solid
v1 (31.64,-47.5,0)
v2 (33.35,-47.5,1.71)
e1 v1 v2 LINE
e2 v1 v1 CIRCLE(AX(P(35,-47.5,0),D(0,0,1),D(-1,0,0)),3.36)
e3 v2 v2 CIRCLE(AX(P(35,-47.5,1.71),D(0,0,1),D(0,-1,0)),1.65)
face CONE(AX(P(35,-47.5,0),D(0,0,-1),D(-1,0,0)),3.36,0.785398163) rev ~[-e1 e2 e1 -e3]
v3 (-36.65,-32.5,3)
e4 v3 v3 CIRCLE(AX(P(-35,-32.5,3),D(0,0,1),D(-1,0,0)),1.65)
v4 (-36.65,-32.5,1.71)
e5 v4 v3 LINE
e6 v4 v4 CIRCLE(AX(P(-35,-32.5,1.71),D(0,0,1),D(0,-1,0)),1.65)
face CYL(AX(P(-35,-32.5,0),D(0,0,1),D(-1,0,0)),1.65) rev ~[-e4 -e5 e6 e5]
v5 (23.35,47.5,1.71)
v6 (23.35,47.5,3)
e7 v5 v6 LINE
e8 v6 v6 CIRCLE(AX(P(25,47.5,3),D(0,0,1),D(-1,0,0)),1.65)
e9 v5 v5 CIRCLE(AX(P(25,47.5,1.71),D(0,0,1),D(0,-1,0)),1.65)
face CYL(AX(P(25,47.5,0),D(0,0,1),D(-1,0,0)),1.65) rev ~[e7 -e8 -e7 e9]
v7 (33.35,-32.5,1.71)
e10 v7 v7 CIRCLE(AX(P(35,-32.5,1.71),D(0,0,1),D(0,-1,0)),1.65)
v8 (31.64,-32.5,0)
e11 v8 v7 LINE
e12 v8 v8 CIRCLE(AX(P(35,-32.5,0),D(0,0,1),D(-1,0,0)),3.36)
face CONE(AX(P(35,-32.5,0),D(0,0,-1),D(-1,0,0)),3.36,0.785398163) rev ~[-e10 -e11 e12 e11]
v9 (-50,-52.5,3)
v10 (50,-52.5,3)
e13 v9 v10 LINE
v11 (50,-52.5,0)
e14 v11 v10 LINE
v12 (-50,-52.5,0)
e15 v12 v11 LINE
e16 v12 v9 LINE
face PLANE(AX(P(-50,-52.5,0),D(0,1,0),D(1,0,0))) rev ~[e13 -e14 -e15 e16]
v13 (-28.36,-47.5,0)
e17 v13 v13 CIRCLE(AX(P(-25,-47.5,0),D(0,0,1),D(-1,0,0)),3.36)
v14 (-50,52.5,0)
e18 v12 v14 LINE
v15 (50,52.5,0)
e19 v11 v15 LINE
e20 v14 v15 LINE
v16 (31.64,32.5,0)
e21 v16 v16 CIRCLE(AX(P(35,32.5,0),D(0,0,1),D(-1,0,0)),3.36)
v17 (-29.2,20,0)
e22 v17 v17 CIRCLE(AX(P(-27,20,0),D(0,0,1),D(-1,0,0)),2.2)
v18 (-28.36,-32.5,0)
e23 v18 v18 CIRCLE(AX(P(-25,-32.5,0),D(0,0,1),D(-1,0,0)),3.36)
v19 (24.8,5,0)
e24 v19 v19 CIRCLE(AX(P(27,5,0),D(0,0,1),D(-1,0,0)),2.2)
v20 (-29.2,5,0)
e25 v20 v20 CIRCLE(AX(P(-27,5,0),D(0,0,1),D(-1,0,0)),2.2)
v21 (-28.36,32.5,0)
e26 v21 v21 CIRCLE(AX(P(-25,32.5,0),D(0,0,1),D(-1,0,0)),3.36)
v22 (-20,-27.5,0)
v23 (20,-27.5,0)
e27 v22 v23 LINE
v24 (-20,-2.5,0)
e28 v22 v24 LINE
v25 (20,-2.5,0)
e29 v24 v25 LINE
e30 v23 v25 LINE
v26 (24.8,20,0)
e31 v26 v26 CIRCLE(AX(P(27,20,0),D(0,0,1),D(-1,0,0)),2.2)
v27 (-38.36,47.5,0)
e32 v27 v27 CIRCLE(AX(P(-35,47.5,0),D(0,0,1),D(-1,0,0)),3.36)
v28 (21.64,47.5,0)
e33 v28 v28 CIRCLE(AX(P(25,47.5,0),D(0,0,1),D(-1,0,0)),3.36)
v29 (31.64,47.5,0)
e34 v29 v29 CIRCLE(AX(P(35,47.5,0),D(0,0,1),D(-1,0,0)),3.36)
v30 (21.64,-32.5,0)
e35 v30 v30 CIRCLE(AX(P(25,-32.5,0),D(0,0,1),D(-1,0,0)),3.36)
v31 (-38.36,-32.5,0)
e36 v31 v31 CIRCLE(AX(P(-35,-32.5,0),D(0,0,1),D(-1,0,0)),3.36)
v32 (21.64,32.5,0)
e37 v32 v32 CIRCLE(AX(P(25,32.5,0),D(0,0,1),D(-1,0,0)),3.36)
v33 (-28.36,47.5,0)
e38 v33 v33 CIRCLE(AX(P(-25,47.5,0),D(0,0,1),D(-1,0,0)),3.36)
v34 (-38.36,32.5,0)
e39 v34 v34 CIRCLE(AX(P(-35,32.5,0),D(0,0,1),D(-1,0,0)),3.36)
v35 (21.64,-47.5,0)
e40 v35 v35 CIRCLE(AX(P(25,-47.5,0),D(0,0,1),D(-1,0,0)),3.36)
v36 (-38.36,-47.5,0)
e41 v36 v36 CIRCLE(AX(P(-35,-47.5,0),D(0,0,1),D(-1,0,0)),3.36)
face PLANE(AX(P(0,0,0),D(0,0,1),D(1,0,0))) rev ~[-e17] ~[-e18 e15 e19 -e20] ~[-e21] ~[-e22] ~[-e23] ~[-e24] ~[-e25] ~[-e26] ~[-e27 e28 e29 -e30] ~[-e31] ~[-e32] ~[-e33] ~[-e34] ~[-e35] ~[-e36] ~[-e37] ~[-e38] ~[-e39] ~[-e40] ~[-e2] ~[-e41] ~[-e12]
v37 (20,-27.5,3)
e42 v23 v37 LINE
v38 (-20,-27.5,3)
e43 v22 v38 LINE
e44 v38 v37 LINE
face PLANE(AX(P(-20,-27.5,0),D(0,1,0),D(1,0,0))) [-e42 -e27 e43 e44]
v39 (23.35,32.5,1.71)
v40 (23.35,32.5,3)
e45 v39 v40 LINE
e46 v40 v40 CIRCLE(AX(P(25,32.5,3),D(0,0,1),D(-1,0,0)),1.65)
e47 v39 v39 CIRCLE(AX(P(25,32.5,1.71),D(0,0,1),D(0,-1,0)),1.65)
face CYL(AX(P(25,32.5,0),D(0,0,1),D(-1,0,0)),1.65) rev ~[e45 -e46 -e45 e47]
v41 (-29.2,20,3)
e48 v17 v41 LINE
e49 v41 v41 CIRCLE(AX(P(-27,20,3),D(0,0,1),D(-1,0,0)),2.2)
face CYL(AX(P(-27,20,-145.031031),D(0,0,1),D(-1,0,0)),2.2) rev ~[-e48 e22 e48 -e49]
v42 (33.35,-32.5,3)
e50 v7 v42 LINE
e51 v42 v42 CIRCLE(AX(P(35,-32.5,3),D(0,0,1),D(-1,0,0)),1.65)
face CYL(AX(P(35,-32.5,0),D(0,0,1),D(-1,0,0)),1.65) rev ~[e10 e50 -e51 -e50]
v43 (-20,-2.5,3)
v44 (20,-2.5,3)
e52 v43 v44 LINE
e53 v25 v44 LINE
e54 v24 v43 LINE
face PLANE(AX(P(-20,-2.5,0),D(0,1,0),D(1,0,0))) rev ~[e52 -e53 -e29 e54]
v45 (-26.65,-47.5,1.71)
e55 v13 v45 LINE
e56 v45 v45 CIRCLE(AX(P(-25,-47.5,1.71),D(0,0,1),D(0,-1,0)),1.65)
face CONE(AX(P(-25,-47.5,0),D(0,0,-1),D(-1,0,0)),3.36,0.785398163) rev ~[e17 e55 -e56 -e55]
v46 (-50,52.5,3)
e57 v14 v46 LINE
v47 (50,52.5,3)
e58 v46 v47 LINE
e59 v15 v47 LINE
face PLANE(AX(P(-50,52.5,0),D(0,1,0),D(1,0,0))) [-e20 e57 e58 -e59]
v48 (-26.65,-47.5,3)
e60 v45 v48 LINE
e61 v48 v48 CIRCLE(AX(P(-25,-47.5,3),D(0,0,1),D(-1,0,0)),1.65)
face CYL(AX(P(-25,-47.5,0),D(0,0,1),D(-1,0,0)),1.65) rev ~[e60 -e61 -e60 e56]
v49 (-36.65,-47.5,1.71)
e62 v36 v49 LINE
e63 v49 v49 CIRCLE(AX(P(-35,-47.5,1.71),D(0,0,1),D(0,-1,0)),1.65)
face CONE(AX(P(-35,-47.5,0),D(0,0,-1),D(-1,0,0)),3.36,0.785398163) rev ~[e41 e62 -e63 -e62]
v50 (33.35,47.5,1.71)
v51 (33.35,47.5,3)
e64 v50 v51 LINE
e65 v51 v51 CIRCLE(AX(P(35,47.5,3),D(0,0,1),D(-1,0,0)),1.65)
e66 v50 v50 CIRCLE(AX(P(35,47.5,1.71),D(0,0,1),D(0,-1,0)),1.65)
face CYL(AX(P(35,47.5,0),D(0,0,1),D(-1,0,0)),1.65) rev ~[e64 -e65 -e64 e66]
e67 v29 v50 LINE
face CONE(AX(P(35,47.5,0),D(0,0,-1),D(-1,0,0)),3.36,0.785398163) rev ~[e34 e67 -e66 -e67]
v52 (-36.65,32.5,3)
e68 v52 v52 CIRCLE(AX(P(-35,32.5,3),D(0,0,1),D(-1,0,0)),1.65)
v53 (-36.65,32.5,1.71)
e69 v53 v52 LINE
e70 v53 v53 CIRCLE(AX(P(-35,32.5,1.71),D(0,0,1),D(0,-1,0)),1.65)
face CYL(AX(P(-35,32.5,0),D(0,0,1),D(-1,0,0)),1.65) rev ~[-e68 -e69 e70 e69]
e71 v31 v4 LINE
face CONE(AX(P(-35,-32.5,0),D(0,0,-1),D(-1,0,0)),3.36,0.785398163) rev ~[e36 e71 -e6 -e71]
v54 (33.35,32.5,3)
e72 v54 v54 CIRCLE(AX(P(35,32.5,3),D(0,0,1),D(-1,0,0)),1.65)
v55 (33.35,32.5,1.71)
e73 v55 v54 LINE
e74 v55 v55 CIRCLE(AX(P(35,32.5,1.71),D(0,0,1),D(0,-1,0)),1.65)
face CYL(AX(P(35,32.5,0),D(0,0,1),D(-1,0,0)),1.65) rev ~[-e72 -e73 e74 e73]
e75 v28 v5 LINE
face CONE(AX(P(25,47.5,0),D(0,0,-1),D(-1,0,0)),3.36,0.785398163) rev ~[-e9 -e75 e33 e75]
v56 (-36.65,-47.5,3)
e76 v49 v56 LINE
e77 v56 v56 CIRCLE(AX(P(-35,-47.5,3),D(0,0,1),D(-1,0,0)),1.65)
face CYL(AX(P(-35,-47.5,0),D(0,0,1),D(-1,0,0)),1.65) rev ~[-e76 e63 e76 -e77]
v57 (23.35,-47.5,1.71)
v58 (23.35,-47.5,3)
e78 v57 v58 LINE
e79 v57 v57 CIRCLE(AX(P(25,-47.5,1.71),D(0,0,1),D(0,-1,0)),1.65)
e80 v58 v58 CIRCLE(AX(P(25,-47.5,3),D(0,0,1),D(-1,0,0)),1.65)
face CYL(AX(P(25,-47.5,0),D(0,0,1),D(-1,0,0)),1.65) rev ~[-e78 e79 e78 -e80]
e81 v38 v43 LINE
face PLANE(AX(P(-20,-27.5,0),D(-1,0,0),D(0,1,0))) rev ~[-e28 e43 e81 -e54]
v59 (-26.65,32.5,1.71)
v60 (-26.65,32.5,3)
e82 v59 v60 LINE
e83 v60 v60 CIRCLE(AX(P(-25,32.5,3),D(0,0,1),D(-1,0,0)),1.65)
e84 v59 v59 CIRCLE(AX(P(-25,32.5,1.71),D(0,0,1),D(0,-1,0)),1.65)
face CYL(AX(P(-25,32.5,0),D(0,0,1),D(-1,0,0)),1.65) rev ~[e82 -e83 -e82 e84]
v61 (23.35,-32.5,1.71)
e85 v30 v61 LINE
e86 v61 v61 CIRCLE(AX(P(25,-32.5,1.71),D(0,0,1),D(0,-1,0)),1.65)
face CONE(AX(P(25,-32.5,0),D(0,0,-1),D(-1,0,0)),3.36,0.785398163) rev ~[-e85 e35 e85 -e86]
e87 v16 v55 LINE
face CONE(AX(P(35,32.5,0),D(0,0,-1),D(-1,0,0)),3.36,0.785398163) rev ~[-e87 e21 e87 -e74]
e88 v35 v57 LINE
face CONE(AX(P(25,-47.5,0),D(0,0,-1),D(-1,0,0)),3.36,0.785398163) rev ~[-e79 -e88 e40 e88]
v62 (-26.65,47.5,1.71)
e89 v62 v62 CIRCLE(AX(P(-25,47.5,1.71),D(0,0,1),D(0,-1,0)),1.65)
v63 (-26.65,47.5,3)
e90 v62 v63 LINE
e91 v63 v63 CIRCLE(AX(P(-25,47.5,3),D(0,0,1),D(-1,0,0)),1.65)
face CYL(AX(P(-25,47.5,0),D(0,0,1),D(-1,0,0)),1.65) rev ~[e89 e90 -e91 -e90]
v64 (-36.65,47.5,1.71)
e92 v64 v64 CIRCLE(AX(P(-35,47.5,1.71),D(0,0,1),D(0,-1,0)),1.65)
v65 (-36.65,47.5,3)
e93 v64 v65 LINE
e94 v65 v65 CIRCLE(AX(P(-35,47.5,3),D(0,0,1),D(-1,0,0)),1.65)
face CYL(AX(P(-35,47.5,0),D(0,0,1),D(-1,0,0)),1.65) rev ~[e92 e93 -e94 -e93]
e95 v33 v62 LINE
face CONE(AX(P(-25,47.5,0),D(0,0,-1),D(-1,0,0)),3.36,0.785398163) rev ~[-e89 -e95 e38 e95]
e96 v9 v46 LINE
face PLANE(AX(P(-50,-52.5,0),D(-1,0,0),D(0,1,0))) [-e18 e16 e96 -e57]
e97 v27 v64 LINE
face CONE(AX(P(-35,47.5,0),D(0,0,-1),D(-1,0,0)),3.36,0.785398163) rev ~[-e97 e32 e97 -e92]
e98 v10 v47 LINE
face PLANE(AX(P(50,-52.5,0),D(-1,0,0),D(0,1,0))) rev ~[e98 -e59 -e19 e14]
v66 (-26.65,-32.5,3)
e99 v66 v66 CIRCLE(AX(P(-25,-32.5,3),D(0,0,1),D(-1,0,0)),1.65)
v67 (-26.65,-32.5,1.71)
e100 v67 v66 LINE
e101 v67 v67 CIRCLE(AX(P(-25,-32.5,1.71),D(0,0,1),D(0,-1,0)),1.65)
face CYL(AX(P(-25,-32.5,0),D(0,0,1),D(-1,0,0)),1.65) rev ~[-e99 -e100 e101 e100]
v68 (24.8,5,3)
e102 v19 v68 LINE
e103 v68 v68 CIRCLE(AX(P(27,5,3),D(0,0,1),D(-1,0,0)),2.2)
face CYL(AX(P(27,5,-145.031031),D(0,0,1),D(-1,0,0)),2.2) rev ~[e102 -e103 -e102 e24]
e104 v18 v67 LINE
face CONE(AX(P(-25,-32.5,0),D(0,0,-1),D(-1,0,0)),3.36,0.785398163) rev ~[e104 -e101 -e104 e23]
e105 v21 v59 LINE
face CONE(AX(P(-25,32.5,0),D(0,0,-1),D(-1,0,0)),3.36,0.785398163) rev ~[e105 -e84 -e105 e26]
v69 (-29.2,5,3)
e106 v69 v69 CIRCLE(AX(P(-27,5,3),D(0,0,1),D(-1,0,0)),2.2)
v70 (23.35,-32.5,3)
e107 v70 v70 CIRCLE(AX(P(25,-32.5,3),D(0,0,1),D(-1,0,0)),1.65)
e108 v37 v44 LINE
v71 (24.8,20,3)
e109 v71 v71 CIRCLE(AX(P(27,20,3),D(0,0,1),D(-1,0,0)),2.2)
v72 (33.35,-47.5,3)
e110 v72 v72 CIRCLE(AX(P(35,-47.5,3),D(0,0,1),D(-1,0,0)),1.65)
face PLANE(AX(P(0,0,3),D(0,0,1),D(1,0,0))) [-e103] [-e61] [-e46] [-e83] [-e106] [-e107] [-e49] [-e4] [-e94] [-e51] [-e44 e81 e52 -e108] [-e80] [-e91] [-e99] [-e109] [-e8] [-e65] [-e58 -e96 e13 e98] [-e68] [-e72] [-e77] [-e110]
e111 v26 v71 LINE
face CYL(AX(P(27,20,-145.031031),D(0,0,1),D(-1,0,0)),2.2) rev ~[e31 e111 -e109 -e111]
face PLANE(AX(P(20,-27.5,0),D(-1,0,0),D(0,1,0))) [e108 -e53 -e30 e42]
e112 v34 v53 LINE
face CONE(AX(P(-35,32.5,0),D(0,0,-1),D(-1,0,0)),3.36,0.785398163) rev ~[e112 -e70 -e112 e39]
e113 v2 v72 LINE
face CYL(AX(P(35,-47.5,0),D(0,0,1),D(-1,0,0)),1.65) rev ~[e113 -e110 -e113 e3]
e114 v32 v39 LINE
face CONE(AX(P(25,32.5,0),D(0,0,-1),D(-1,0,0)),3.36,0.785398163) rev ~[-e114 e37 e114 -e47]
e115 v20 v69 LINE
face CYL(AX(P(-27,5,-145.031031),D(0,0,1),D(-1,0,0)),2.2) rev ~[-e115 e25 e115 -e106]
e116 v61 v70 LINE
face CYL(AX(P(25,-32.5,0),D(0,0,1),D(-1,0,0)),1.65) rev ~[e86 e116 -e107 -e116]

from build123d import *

# Parameters (mm, degrees)
F0_W           = 100
F0_H           = 105
F0_W_2         = 40
F0_H_2         = 25
F1_DEPTH       = 3
F2_D           = 3.3
F2_CSINK_D     = 6.72
F2_CSINK_ANGLE = 90
F3_D           = 4.4


with BuildPart() as f1:
    # F0 (on Top) → F1 (new body)
    with BuildSketch(Plane.XY):
        Rectangle(F0_W, F0_H)
        with Locations((0, -15)):
            Rectangle(F0_W_2, F0_H_2, mode=Mode.SUBTRACT)
    extrude(amount=F1_DEPTH)

    # F2 (through all)
    with Locations(Plane(origin=(0, 0, 0), x_dir=(1, 0, 0), z_dir=(0, 0, -1))):
        with Locations((-35, -32.5), (-25, -32.5), (-25, -47.5), (-35, -47.5), (25, -47.5), (25, -32.5), (35, -32.5), (35, -47.5), (25, 32.5), (35, 32.5), (35, 47.5), (25, 47.5), (-25, 47.5), (-35, 47.5), (-35, 32.5), (-25, 32.5)):
            CounterSinkHole(F2_D / 2, F2_CSINK_D / 2, counter_sink_angle=F2_CSINK_ANGLE)

    # F3 (through all)
    with Locations(Plane(origin=(0, 0, 0), x_dir=(1, 0, 0), z_dir=(0, 0, -1))):
        with Locations((27, -5), (27, -20), (-27, -5), (-27, -20)):
            Hole(F3_D / 2)


solid = f1.part
